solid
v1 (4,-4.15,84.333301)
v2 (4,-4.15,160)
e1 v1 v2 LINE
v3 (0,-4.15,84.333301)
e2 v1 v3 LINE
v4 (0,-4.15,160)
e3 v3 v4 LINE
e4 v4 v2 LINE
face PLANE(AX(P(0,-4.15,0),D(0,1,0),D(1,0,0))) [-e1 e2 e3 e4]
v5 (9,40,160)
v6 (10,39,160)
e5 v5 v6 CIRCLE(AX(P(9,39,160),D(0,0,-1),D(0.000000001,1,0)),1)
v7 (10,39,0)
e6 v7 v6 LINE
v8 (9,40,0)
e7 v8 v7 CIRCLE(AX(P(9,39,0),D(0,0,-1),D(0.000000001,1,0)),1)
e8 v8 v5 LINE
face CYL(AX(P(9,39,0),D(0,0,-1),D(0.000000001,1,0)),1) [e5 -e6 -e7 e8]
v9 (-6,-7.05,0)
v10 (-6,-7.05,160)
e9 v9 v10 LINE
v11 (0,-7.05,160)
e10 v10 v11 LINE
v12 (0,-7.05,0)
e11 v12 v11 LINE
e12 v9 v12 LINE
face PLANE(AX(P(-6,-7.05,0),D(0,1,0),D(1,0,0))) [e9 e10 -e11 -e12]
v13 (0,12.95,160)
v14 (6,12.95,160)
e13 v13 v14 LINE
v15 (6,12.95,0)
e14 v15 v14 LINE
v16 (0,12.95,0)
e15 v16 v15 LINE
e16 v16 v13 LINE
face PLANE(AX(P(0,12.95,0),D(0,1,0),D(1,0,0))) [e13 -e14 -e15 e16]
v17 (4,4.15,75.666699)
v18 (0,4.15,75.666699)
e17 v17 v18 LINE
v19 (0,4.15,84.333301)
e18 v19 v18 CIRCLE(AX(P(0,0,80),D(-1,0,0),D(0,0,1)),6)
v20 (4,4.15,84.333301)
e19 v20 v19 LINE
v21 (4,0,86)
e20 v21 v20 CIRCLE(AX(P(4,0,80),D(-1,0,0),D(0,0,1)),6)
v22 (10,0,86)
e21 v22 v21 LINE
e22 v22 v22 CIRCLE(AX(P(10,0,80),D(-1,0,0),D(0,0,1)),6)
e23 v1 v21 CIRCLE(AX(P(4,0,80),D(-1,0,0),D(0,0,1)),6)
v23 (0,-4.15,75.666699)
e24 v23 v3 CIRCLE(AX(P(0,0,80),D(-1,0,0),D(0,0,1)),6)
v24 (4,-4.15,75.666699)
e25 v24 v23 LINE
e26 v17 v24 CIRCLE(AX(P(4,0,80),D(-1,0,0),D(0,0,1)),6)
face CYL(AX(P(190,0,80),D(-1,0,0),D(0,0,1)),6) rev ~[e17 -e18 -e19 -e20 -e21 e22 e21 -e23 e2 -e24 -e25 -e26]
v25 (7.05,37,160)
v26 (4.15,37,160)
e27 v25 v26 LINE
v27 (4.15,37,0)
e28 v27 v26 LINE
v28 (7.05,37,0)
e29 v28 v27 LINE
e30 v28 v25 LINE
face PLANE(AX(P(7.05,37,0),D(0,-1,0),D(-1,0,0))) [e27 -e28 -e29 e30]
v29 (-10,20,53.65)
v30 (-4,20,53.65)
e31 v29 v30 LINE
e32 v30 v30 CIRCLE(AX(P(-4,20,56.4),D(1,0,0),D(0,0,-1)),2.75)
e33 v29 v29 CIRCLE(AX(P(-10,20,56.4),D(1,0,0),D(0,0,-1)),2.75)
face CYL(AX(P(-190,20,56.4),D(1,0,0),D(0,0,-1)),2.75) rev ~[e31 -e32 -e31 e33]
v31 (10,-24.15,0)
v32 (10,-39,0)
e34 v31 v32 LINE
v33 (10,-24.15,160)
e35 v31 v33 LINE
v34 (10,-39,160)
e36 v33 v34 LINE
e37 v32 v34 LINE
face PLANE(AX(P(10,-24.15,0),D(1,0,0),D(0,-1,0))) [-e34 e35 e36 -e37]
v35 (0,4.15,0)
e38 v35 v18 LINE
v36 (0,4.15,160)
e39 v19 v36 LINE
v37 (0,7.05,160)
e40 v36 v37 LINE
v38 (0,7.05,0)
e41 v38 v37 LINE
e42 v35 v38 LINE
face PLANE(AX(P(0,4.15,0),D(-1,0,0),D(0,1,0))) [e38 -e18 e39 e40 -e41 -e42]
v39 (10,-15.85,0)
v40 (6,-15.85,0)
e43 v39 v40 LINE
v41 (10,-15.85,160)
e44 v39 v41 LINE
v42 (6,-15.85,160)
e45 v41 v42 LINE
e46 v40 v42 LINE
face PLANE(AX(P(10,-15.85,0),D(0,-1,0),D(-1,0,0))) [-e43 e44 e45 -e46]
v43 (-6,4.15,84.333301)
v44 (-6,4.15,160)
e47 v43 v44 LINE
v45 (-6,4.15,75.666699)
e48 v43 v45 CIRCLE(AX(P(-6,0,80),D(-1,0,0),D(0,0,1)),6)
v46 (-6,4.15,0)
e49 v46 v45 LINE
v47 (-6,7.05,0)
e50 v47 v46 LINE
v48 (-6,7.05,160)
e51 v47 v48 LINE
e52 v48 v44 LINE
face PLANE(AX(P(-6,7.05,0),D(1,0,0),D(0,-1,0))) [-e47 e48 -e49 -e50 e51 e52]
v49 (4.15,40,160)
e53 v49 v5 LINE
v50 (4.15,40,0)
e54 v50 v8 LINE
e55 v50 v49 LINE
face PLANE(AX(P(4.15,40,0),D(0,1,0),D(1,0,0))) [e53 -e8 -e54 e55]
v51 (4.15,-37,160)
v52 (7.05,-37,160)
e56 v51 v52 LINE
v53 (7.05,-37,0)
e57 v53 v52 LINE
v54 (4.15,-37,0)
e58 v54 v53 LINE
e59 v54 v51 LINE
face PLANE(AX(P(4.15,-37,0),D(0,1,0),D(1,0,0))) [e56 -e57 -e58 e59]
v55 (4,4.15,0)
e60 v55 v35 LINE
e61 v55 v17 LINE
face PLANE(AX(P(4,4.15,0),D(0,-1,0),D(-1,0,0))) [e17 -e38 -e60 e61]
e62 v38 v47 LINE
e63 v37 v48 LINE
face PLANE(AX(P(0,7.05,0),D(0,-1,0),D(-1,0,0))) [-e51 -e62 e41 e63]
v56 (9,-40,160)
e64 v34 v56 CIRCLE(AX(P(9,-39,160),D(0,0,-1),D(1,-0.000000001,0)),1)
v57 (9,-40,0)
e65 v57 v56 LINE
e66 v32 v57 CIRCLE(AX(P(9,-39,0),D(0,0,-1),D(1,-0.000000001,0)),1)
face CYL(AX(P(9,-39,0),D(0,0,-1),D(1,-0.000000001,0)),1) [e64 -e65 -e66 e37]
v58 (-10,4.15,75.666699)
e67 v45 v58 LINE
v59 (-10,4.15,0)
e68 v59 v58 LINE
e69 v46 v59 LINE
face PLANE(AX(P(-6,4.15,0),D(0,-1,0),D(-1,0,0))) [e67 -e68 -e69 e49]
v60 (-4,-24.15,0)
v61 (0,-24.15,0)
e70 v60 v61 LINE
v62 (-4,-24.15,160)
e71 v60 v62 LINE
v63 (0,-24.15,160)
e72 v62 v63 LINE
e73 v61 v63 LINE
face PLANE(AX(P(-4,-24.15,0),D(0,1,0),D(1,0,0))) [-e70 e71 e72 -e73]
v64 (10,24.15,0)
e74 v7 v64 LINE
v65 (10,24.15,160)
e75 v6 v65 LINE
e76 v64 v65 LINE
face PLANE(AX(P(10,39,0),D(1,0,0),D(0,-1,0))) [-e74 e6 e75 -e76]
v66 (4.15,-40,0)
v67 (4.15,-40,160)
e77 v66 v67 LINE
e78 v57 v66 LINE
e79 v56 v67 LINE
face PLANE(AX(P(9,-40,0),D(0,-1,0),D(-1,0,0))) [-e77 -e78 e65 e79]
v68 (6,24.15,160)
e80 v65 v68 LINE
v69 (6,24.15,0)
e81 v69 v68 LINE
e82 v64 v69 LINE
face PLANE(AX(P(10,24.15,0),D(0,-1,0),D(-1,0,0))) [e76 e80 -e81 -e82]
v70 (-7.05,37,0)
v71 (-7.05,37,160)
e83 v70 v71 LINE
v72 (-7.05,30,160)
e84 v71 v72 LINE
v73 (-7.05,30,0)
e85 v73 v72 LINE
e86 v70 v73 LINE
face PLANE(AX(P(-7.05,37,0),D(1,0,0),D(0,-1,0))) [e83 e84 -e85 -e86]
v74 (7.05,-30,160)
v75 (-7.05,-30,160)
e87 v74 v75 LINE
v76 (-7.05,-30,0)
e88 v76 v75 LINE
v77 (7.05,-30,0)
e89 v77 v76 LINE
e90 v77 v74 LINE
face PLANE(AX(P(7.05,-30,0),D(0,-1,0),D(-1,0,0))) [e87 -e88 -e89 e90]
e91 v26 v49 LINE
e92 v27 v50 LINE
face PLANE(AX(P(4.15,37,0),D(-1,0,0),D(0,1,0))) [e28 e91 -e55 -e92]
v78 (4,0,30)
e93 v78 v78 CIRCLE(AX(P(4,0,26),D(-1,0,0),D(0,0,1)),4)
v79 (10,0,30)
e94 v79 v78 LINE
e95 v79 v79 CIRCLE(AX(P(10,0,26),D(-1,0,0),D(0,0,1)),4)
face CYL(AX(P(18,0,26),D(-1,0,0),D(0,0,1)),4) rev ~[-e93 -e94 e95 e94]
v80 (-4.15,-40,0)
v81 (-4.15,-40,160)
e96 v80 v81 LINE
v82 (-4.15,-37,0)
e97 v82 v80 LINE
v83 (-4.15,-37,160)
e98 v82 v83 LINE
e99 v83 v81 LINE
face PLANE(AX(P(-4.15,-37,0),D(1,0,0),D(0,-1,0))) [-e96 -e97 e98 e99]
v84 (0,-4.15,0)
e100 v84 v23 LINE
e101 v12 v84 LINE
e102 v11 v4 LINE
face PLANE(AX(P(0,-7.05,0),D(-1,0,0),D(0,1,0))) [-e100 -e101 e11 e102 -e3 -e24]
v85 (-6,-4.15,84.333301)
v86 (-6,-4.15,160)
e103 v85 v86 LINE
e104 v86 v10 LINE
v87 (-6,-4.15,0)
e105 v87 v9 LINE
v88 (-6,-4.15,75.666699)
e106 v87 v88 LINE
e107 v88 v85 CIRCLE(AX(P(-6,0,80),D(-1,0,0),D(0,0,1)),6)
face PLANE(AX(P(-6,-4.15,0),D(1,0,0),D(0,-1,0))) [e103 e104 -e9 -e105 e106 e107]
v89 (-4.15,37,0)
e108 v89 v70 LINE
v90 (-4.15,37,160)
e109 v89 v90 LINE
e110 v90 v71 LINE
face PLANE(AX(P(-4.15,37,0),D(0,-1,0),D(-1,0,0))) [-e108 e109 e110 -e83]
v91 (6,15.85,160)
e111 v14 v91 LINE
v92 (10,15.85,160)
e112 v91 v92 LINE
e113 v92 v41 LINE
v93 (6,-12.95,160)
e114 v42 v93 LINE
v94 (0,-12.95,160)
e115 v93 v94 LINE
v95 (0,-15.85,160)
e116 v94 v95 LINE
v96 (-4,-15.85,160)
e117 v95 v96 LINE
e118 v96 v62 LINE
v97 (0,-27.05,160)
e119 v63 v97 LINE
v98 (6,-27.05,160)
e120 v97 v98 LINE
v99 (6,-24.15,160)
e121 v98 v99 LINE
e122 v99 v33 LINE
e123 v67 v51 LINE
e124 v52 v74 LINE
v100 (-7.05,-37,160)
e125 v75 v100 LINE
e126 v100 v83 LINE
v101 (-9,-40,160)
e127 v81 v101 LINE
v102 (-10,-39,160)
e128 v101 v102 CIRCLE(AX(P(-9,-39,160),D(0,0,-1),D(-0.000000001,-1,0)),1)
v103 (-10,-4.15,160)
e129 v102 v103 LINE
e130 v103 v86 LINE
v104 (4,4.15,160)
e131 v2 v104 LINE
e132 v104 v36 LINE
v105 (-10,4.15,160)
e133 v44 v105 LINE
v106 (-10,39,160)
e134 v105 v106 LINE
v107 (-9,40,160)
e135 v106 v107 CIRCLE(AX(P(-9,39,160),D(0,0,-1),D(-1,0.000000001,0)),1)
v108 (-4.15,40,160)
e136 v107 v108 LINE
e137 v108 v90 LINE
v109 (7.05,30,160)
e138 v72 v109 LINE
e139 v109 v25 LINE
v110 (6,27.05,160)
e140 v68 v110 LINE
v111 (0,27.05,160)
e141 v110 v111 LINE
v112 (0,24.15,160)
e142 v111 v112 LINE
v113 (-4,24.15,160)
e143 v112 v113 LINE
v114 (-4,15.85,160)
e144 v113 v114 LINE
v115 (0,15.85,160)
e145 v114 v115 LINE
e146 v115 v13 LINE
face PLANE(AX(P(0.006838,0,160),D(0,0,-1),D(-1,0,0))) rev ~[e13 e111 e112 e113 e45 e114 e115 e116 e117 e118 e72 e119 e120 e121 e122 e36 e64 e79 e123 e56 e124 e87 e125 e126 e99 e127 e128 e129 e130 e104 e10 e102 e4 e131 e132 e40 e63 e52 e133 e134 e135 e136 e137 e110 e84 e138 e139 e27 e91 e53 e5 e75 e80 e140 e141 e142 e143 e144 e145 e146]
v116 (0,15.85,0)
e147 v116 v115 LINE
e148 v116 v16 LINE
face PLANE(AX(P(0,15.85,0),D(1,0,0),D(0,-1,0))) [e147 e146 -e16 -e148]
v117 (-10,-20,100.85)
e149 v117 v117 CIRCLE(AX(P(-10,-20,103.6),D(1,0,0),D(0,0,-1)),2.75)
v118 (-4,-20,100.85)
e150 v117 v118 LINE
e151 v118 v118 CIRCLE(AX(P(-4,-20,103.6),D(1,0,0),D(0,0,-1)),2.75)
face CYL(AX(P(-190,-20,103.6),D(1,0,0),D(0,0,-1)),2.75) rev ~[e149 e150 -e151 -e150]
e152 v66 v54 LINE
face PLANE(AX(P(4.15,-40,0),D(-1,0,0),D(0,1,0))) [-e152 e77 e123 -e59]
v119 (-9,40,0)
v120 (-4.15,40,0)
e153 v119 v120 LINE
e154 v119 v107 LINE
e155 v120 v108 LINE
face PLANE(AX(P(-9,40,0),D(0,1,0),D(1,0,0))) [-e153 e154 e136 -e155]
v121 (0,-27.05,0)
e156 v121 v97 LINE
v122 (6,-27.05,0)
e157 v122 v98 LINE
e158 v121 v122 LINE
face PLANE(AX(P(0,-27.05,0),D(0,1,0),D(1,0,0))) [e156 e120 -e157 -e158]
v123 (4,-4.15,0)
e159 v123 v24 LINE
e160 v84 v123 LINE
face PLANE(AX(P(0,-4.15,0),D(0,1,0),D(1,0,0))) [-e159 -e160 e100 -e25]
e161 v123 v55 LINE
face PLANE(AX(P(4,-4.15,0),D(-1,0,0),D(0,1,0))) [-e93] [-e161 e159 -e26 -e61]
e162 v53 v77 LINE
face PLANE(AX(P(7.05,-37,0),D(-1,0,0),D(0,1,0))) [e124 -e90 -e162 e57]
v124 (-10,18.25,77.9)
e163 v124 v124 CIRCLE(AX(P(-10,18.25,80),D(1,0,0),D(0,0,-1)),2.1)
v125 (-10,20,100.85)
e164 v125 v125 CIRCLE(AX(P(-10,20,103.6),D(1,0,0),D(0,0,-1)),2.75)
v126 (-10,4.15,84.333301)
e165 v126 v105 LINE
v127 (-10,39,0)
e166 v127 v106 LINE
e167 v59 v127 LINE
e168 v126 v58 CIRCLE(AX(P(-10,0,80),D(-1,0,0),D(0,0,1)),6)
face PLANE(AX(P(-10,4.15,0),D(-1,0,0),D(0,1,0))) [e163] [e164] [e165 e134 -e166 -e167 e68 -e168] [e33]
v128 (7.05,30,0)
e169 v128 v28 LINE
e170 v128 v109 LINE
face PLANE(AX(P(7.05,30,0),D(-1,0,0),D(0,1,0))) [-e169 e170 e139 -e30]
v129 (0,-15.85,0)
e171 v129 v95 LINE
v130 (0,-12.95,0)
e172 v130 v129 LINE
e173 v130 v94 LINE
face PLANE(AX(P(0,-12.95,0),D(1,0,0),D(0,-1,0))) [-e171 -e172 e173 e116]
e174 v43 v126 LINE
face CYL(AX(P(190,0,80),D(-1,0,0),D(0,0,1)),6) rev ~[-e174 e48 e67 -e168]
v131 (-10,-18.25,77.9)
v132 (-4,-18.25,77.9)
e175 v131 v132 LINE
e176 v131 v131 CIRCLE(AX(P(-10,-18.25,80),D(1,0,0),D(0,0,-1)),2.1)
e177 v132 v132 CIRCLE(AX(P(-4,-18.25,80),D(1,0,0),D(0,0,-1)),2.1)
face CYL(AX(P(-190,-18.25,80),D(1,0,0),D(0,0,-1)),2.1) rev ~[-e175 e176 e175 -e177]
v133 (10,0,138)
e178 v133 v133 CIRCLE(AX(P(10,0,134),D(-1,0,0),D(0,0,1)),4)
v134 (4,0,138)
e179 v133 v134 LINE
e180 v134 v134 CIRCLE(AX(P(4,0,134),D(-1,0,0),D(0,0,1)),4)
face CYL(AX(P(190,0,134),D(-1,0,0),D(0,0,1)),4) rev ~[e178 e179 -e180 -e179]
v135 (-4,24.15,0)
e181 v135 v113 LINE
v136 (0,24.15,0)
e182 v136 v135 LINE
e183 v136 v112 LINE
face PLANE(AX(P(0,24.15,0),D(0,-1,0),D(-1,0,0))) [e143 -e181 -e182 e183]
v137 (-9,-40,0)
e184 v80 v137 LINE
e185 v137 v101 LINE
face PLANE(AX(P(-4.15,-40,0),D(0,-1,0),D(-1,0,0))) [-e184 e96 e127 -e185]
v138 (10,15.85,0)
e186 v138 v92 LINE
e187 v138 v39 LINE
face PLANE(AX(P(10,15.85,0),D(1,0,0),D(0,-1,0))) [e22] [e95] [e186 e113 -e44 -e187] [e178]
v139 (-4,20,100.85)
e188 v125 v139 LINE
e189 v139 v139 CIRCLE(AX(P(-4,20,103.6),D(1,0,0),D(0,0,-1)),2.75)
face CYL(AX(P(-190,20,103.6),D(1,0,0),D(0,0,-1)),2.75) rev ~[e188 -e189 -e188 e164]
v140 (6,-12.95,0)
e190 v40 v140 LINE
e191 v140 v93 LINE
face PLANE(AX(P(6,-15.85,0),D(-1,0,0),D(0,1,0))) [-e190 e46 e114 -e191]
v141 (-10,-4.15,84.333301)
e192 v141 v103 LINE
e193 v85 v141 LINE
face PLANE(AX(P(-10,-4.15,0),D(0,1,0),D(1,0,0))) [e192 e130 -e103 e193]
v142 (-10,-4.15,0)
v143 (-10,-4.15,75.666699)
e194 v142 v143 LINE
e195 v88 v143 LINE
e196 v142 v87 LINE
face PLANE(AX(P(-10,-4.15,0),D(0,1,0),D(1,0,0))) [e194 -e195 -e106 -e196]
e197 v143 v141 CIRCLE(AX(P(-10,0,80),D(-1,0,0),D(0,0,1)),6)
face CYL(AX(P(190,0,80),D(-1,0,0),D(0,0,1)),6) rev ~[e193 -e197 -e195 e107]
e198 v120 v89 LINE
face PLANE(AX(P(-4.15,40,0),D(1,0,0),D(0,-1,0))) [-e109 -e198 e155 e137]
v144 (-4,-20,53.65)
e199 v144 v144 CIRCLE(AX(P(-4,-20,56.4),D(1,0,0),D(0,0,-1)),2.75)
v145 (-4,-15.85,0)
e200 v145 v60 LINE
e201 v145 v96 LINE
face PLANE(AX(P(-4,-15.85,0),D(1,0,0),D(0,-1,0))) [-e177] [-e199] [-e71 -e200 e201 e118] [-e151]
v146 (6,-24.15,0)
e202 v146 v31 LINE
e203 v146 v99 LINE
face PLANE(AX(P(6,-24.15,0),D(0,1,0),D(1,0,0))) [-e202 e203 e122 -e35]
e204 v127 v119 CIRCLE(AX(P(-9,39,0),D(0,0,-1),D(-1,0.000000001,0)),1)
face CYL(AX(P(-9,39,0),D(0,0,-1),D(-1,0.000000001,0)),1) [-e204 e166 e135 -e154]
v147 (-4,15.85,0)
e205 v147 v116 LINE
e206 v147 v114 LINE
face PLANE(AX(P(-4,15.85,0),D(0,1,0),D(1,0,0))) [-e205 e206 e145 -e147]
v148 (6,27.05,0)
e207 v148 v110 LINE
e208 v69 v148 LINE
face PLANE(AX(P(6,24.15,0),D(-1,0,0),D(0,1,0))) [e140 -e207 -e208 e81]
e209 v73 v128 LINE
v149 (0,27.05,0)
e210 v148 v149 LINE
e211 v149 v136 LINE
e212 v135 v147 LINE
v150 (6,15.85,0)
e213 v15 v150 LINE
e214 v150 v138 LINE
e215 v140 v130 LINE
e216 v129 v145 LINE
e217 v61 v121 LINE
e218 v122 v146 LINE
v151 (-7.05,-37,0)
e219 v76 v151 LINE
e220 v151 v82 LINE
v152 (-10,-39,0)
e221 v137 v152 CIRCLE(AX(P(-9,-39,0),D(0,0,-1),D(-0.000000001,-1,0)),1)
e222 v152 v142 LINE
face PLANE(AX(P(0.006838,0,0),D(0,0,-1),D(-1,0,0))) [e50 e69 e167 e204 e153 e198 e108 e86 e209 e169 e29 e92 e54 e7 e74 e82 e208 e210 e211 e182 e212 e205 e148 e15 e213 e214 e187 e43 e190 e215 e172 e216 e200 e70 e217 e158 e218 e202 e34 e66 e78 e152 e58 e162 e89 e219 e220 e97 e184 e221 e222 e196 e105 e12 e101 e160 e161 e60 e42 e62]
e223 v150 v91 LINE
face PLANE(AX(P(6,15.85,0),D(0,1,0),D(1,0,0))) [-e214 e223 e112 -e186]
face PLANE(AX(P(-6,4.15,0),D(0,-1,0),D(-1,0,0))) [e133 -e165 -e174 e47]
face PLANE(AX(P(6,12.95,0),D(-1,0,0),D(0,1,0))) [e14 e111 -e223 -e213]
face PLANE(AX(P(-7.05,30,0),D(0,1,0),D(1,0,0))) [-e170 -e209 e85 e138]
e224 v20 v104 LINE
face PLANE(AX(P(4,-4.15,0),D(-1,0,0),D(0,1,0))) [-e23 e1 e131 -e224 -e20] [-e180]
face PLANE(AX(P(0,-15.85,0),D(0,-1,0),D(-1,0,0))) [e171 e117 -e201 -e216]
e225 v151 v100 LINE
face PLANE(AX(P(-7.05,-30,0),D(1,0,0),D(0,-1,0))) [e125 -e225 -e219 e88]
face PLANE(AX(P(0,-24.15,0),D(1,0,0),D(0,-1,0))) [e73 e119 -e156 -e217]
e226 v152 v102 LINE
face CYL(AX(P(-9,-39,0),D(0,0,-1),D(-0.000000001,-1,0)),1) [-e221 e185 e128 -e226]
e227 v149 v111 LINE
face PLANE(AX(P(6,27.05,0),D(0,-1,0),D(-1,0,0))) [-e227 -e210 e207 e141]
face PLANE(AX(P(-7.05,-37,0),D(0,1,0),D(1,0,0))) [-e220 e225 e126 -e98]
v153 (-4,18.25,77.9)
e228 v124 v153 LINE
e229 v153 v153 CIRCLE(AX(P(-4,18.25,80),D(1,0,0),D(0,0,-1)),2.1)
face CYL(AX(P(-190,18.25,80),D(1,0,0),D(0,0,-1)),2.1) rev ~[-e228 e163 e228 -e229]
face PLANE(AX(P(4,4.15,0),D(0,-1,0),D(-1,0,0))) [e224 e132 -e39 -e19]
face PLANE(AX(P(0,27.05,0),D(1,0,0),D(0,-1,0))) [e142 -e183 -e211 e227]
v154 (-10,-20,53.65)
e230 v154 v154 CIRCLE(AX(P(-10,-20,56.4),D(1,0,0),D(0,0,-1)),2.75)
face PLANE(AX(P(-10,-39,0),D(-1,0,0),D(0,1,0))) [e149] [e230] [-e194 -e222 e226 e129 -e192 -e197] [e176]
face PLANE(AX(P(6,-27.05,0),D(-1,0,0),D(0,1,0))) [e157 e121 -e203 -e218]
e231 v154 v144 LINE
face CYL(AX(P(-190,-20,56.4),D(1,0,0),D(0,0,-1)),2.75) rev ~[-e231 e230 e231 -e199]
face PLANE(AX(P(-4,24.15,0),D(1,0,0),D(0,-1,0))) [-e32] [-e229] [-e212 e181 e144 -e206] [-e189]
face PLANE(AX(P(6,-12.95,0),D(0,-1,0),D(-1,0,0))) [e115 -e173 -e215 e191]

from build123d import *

# Parameters (mm, degrees)
EXTRUDE_1_DEPTH           = 160
HOLE_WIZARD_8_0_8_1_D     = 8
HOLE_WIZARD_8_0_8_2_D     = 8
HOLE_WIZARD_8_0_8_2_DEPTH = 8
HOLE_WIZARD_8_0_8_2_TIP   = 2.403442476
HOLE_WIZARD_12_0_12_2_D   = 12
HOLE_WIZARD_5_5_5_5_1_D   = 5.5
HOLE_WIZARD_5_5_5_5_2_D   = 5.5
HOLE_WIZARD_5_5_5_5_3_D   = 5.5
HOLE_WIZARD_5_5_5_5_4_D   = 5.5
HOLE_WIZARD_M5_1_D        = 4.2
HOLE_WIZARD_M5_2_D        = 4.2


with BuildPart() as part:
    # Sketch1 → 凸台-拉伸1 (new body)
    with BuildSketch(Plane.XY):
        with BuildLine():
            Line((-9, 40), (-4.15, 40))
            Line((-4.15, 40), (-4.15, 37))
            Line((-4.15, 37), (-7.05, 37))
            Line((-7.05, 37), (-7.05, 30))
            Line((-7.05, 30), (7.05, 30))
            Line((7.05, 30), (7.05, 37))
            Line((7.05, 37), (4.15, 37))
            Line((4.15, 37), (4.15, 40))
            Line((4.15, 40), (9, 40))
            ThreePointArc((9, 40), (9.707106781, 39.707106781), (10, 39))
            Line((10, 39), (10, 24.15))
            Line((10, 24.15), (6, 24.15))
            Line((6, 24.15), (6, 27.05))
            Line((6, 27.05), (0, 27.05))
            Line((0, 27.05), (0, 24.15))
            Line((0, 24.15), (-4, 24.15))
            Line((-4, 24.15), (-4, 15.85))
            Line((-4, 15.85), (0, 15.85))
            Line((0, 15.85), (0, 12.95))
            Line((0, 12.95), (6, 12.95))
            Line((6, 12.95), (6, 15.85))
            Line((6, 15.85), (10, 15.85))
            Line((10, 15.85), (10, -15.85))
            Line((10, -15.85), (6, -15.85))
            Line((6, -15.85), (6, -12.95))
            Line((6, -12.95), (0, -12.95))
            Line((0, -12.95), (0, -15.85))
            Line((0, -15.85), (-4, -15.85))
            Line((-4, -15.85), (-4, -24.15))
            Line((-4, -24.15), (0, -24.15))
            Line((0, -24.15), (0, -27.05))
            Line((0, -27.05), (6, -27.05))
            Line((6, -27.05), (6, -24.15))
            Line((6, -24.15), (10, -24.15))
            Line((10, -24.15), (10, -39))
            ThreePointArc((10, -39), (9.707106781, -39.707106781), (9, -40))
            Line((9, -40), (4.15, -40))
            Line((4.15, -40), (4.15, -37))
            Line((4.15, -37), (7.05, -37))
            Line((7.05, -37), (7.05, -30))
            Line((7.05, -30), (-7.05, -30))
            Line((-7.05, -30), (-7.05, -37))
            Line((-7.05, -37), (-4.15, -37))
            Line((-4.15, -37), (-4.15, -40))
            Line((-4.15, -40), (-9, -40))
            ThreePointArc((-9, -40), (-9.707106781, -39.707106781), (-10, -39))
            Line((-10, -39), (-10, -4.15))
            Line((-10, -4.15), (-6, -4.15))
            Line((-6, -4.15), (-6, -7.05))
            Line((-6, -7.05), (0, -7.05))
            Line((0, -7.05), (0, -4.15))
            Line((0, -4.15), (4, -4.15))
            Line((4, -4.15), (4, 4.15))
            Line((4, 4.15), (0, 4.15))
            Line((0, 4.15), (0, 7.05))
            Line((0, 7.05), (-6, 7.05))
            Line((-6, 7.05), (-6, 4.15))
            Line((-6, 4.15), (-10, 4.15))
            Line((-10, 4.15), (-10, 39))
            ThreePointArc((-10, 39), (-9.707106781, 39.707106781), (-9, 40))
        make_face()
    extrude(amount=EXTRUDE_1_DEPTH)

    # Ø8.0 (8) 直径孔1 (through all)
    with Locations(Plane(origin=(10, 0, 0), x_dir=(0, 0, -1), z_dir=(1, 0, 0))):
        with Locations((-134, 0)):
            Hole(HOLE_WIZARD_8_0_8_1_D / 2)

    # Ø8.0 (8) 直径孔2
    with Locations(Plane(origin=(10, 0, 0), x_dir=(0, 0, -1), z_dir=(1, 0, 0))):
        with Locations((-26, 0)):
            Hole(HOLE_WIZARD_8_0_8_2_D / 2, depth=HOLE_WIZARD_8_0_8_2_DEPTH)
            with Locations((0, 0, -(HOLE_WIZARD_8_0_8_2_DEPTH + HOLE_WIZARD_8_0_8_2_TIP / 2))):  # 118° drill point
                Cone(0, HOLE_WIZARD_8_0_8_2_D / 2, HOLE_WIZARD_8_0_8_2_TIP, mode=Mode.SUBTRACT)

    # Ø12.0 (12) 直径孔2 (through all)
    with Locations(Plane(origin=(10, 0, 0), x_dir=(0, 0, -1), z_dir=(1, 0, 0))):
        with Locations((-80, 0)):
            Hole(HOLE_WIZARD_12_0_12_2_D / 2)

    # Ø5.5 (5.5) 直径孔1 (through all)
    with Locations(Plane.ZY.offset(10)):
        with Locations((103.6, -20)):
            Hole(HOLE_WIZARD_5_5_5_5_1_D / 2)

    # Ø5.5 (5.5) 直径孔2 (through all)
    with Locations(Plane.ZY.offset(10)):
        with Locations((56.4, -20)):
            Hole(HOLE_WIZARD_5_5_5_5_2_D / 2)

    # Ø5.5 (5.5) 直径孔3 (through all)
    with Locations(Plane.ZY.offset(10)):
        with Locations((103.6, 20)):
            Hole(HOLE_WIZARD_5_5_5_5_3_D / 2)

    # Ø5.5 (5.5) 直径孔4 (through all)
    with Locations(Plane.ZY.offset(10)):
        with Locations((56.4, 20)):
            Hole(HOLE_WIZARD_5_5_5_5_4_D / 2)

    # M5 螺纹孔1 (through all)
    with Locations(Plane.ZY.offset(10)):
        with Locations((80, -18.25)):
            Hole(HOLE_WIZARD_M5_1_D / 2)

    # M5 螺纹孔2 (through all)
    with Locations(Plane.ZY.offset(10)):
        with Locations((80, 18.25)):
            Hole(HOLE_WIZARD_M5_2_D / 2)


solid = part.part
